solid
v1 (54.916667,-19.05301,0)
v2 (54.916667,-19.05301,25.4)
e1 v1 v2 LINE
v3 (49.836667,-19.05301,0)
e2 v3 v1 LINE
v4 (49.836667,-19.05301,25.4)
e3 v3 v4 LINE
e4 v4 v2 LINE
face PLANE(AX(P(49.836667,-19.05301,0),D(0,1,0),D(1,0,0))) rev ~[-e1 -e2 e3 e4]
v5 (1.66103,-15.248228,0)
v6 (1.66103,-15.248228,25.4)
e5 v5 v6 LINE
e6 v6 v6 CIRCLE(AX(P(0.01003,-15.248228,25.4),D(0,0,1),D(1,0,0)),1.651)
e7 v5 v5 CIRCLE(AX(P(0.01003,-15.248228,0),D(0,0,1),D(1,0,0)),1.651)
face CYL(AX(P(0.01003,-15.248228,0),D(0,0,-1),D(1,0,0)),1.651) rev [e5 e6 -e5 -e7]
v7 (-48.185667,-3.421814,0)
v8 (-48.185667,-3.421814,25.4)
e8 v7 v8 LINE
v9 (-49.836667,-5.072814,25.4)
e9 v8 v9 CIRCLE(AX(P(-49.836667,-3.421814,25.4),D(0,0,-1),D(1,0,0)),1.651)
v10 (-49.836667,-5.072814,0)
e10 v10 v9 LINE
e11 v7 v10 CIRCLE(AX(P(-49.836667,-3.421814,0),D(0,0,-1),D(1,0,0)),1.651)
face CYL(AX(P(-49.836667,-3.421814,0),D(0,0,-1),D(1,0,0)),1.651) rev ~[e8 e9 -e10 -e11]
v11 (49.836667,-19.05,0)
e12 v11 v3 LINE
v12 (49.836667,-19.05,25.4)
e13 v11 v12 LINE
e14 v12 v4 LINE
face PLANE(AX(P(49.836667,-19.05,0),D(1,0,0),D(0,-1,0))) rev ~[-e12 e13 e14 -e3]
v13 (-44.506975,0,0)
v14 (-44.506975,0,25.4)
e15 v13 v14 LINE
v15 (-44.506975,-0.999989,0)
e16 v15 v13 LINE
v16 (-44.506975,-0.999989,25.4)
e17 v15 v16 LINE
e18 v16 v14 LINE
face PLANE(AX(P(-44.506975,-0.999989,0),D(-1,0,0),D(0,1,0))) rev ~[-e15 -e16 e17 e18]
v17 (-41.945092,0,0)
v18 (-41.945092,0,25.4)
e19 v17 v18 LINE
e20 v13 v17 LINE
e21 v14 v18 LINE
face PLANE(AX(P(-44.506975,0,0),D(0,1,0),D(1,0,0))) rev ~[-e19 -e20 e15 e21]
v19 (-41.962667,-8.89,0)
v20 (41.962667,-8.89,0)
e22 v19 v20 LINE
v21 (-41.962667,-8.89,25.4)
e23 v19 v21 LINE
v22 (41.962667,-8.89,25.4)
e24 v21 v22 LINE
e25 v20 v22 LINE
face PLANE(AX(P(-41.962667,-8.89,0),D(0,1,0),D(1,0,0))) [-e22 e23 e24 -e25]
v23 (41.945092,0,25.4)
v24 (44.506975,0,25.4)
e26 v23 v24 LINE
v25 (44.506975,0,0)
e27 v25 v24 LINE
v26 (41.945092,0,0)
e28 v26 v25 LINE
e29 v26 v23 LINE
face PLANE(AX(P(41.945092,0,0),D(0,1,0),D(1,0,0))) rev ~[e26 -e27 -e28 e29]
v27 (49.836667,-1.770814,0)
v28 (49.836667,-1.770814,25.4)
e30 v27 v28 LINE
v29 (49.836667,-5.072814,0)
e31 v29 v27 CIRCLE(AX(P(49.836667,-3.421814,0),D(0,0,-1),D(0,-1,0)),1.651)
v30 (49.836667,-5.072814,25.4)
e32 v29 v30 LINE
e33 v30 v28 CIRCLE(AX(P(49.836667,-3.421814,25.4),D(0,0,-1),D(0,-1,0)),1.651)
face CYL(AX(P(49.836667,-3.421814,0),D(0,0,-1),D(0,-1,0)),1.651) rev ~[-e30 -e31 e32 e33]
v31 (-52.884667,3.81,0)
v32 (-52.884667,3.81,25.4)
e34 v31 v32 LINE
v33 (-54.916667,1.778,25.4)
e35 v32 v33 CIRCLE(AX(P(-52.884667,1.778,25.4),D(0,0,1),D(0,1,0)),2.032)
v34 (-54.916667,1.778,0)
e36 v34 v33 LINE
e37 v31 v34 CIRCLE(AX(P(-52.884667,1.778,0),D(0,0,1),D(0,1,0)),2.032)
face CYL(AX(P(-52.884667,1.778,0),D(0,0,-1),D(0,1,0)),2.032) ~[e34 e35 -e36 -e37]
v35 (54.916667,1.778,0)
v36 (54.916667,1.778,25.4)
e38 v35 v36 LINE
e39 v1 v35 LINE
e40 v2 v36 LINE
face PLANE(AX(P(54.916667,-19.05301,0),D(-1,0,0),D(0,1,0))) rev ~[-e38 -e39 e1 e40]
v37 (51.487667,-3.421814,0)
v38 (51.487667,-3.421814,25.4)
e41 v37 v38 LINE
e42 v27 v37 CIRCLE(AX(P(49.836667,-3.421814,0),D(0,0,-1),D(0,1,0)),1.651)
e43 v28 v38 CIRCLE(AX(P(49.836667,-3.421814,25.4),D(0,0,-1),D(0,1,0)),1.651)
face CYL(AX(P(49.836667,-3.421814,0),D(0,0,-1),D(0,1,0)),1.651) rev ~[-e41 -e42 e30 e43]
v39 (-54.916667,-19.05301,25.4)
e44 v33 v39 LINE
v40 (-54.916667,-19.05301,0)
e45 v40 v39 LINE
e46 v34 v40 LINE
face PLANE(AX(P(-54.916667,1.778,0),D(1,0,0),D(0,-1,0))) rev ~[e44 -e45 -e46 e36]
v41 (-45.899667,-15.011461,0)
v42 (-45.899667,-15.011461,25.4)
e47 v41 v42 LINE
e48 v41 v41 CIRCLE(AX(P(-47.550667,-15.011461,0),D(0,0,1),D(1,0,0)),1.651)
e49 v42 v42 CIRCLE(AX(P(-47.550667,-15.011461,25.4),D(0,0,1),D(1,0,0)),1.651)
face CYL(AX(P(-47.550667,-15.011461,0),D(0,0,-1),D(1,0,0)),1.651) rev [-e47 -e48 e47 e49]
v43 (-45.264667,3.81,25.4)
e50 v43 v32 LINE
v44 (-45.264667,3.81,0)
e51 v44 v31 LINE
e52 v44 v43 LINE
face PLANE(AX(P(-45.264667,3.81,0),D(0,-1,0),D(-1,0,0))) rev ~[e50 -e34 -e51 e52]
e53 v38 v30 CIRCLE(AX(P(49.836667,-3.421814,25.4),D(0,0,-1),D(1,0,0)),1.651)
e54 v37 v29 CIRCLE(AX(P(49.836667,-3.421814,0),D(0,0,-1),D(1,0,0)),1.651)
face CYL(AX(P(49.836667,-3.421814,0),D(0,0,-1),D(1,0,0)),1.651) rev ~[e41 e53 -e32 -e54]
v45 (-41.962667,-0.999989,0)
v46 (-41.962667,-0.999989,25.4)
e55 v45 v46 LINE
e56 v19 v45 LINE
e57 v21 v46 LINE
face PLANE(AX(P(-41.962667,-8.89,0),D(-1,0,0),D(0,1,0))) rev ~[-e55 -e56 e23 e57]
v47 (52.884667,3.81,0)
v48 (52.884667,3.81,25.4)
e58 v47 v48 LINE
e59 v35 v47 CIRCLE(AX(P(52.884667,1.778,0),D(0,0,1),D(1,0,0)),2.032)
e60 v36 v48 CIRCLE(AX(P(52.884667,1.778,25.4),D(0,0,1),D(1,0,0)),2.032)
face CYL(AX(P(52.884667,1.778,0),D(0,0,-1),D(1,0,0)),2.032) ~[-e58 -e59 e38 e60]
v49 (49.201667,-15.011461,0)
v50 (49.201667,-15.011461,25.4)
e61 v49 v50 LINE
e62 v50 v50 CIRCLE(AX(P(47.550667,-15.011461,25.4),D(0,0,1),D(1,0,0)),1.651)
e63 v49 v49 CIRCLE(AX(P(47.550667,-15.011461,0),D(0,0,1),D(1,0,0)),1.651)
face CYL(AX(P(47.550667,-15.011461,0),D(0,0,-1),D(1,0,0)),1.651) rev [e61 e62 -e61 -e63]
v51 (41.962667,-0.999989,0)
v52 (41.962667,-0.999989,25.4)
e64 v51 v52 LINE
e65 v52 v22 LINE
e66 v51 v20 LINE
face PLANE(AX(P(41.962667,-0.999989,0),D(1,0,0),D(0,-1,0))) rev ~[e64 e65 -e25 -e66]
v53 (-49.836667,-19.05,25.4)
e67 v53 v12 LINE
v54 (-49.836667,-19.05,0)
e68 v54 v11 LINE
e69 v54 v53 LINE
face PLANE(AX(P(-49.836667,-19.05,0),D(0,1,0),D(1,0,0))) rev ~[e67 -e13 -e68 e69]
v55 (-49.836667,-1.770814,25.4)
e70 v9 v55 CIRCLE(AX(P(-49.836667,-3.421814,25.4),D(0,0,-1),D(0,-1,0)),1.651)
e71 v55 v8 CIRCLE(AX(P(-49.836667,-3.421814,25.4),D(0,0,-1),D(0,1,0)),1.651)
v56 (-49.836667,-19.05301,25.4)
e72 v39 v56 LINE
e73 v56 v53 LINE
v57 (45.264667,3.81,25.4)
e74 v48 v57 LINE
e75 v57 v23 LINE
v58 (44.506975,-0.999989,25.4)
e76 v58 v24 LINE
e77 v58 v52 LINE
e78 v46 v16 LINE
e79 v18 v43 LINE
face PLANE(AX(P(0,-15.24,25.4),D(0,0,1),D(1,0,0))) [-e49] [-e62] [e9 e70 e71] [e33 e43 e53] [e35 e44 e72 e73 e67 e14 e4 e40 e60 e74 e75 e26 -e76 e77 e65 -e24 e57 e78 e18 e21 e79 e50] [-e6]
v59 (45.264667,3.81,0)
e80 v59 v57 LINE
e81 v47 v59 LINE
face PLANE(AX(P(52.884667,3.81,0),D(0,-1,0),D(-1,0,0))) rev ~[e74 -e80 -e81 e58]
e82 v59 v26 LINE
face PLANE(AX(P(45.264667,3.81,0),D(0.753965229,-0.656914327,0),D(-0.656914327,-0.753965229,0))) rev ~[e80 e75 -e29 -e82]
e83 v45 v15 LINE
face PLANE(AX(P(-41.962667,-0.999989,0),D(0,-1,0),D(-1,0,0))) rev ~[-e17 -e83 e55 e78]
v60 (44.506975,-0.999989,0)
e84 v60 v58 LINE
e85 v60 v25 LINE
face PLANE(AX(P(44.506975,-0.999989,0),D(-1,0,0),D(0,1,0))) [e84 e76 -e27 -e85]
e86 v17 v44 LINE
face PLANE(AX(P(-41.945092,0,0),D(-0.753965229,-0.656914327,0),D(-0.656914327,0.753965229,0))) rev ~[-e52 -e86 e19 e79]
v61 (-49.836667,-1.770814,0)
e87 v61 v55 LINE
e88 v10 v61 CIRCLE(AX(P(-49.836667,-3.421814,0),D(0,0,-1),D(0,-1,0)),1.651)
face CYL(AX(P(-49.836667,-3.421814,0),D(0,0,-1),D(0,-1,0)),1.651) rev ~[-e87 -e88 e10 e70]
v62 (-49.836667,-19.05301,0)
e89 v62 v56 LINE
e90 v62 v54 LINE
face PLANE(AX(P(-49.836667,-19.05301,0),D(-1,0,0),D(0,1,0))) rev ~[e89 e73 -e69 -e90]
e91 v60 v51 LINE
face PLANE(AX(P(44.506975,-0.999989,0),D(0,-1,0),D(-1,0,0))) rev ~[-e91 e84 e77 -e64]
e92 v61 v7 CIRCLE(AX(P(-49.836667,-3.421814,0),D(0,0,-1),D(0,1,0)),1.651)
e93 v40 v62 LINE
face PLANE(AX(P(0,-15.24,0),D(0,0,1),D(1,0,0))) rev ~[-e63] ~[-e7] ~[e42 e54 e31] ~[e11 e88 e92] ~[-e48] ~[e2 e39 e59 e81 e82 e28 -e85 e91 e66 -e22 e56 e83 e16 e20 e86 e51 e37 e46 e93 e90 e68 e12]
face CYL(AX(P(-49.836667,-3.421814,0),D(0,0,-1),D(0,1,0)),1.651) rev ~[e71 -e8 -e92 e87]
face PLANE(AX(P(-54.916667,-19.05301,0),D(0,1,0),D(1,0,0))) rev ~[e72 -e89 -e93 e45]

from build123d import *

# Parameters (mm, degrees)
F0_R     = 1.651
F0_W     = 83.9253333333
F0_H     = 2.54
F0_W_2   = 0.7576921484
F0_H_2   = 0.9999891111
F1_DEPTH = 25.4


with BuildPart() as f1:
    # F0 (on Top) → F1 (new body)
    with BuildSketch(Plane.XY):
        Polygon((-45.2646666667, -11.43), (-49.8366666667, -11.43), (-49.8366666667, -19.05), (49.8366666667, -19.05), (49.8366666667, -11.43), (45.2646666667, -11.43), (41.9626666667, -11.43), (-41.9626666667, -11.43), align=None)
        with Locations((-47.5506666667, -15.0114614516)):
            Circle(F0_R, mode=Mode.SUBTRACT)
        with Locations((0.0100299507, -15.2482278645)):
            Circle(F0_R, mode=Mode.SUBTRACT)
        with Locations((47.5506666667, -15.0114614516)):
            Circle(F0_R, mode=Mode.SUBTRACT)
        with BuildLine():
            Line((-49.8366666667, -19.05), (-49.8366666667, -11.43))
            Line((-49.8366666667, -11.43), (-49.8366666667, -5.0728137152))
            ThreePointArc((-49.8366666667, -5.0728137152), (-51.4876666667, -3.4218137152), (-49.8366666667, -1.7708137152))
            Line((-49.8366666667, -1.7708137152), (-49.8366666667, 1.778))
            Line((-49.8366666667, 1.778), (-54.9166666667, 1.778))
            Line((-54.9166666667, 1.778), (-54.9166666667, -19.05301027))
            Line((-54.9166666667, -19.05301027), (-49.8366666667, -19.05301027))
            Line((-49.8366666667, -19.05301027), (-49.8366666667, -19.05))
        make_face()
        Polygon((-45.2646666667, -0.9999891111), (-45.2646666667, -11.43), (-41.9626666667, -11.43), (-41.9626666667, -8.89), (-41.9626666667, -0.9999891111), (-44.5069745183, -0.9999891111), align=None)
        with Locations((0, -10.16)):
            Rectangle(F0_W, F0_H)
        with Locations((-44.8858205925, -0.4999945555)):
            Rectangle(F0_W_2, F0_H_2)
        with BuildLine():
            Line((49.8366666667, -11.43), (49.8366666667, -19.05))
            Line((49.8366666667, -19.05), (49.8366666667, -19.05301027))
            Line((49.8366666667, -19.05301027), (54.9166666667, -19.05301027))
            Line((54.9166666667, -19.05301027), (54.9166666667, 1.778))
            Line((54.9166666667, 1.778), (49.8366666667, 1.778))
            Line((49.8366666667, 1.778), (49.8366666667, -1.7708137152))
            ThreePointArc((49.8366666667, -1.7708137152), (51.0040999624, -2.2543804195), (51.4876666667, -3.4218137152))
            ThreePointArc((51.4876666667, -3.4218137152), (51.0040999624, -4.589247011), (49.8366666667, -5.0728137152))
            Line((49.8366666667, -5.0728137152), (49.8366666667, -11.43))
        make_face()
        Polygon((41.9626666667, -8.89), (41.9626666667, -11.43), (45.2646666667, -11.43), (45.2646666667, -0.9999891111), (44.5069745183, -0.9999891111), (41.9626666667, -0.9999891111), align=None)
        Polygon((-45.2646666667, 1.778), (-45.2646666667, 0), (-44.5069745183, 0), (-41.94509238, 0), (-45.2646666667, 3.81), align=None)
        with BuildLine():
            Line((-54.9166666667, 1.778), (-49.8366666667, 1.778))
            Line((-49.8366666667, 1.778), (-45.2646666667, 1.778))
            Line((-45.2646666667, 1.778), (-45.2646666667, 3.81))
            Line((-45.2646666667, 3.81), (-52.8846666667, 3.81))
            ThreePointArc((-52.8846666667, 3.81), (-54.321507646, 3.2148409794), (-54.9166666667, 1.778))
        make_face()
        with Locations((44.8858205925, -0.4999945555)):
            Rectangle(F0_W_2, F0_H_2)
        with BuildLine():
            Line((49.8366666667, 1.778), (54.9166666667, 1.778))
            ThreePointArc((54.9166666667, 1.778), (54.321507646, 3.2148409794), (52.8846666667, 3.81))
            Line((52.8846666667, 3.81), (47.8046666667, 3.81))
            Line((47.8046666667, 3.81), (45.2646666667, 3.81))
            Line((45.2646666667, 3.81), (45.2646666667, 1.778))
            Line((45.2646666667, 1.778), (49.8366666667, 1.778))
        make_face()
        Polygon((44.5069745183, 0), (45.2646666667, 0), (45.2646666667, 1.778), (45.2646666667, 3.81), (41.94509238, 0), align=None)
        with BuildLine():
            Line((-49.8366666667, -5.0728137152), (-49.8366666667, -11.43))
            Line((-49.8366666667, -11.43), (-45.2646666667, -11.43))
            Line((-45.2646666667, -11.43), (-45.2646666667, -0.9999891111))
            Line((-45.2646666667, -0.9999891111), (-45.2646666667, 0))
            Line((-45.2646666667, 0), (-45.2646666667, 1.778))
            Line((-45.2646666667, 1.778), (-49.8366666667, 1.778))
            Line((-49.8366666667, 1.778), (-49.8366666667, -1.7708137152))
            ThreePointArc((-49.8366666667, -1.7708137152), (-48.6692333709, -2.2543804195), (-48.1856666667, -3.4218137152))
            ThreePointArc((-48.1856666667, -3.4218137152), (-48.6692333709, -4.589247011), (-49.8366666667, -5.0728137152))
        make_face()
        with BuildLine():
            Line((45.2646666667, -11.43), (49.8366666667, -11.43))
            Line((49.8366666667, -11.43), (49.8366666667, -5.0728137152))
            ThreePointArc((49.8366666667, -5.0728137152), (48.1856666667, -3.4218137152), (49.8366666667, -1.7708137152))
            Line((49.8366666667, -1.7708137152), (49.8366666667, 1.778))
            Line((49.8366666667, 1.778), (45.2646666667, 1.778))
            Line((45.2646666667, 1.778), (45.2646666667, 0))
            Line((45.2646666667, 0), (45.2646666667, -0.9999891111))
            Line((45.2646666667, -0.9999891111), (45.2646666667, -11.43))
        make_face()
    extrude(amount=F1_DEPTH)


solid = f1.part
